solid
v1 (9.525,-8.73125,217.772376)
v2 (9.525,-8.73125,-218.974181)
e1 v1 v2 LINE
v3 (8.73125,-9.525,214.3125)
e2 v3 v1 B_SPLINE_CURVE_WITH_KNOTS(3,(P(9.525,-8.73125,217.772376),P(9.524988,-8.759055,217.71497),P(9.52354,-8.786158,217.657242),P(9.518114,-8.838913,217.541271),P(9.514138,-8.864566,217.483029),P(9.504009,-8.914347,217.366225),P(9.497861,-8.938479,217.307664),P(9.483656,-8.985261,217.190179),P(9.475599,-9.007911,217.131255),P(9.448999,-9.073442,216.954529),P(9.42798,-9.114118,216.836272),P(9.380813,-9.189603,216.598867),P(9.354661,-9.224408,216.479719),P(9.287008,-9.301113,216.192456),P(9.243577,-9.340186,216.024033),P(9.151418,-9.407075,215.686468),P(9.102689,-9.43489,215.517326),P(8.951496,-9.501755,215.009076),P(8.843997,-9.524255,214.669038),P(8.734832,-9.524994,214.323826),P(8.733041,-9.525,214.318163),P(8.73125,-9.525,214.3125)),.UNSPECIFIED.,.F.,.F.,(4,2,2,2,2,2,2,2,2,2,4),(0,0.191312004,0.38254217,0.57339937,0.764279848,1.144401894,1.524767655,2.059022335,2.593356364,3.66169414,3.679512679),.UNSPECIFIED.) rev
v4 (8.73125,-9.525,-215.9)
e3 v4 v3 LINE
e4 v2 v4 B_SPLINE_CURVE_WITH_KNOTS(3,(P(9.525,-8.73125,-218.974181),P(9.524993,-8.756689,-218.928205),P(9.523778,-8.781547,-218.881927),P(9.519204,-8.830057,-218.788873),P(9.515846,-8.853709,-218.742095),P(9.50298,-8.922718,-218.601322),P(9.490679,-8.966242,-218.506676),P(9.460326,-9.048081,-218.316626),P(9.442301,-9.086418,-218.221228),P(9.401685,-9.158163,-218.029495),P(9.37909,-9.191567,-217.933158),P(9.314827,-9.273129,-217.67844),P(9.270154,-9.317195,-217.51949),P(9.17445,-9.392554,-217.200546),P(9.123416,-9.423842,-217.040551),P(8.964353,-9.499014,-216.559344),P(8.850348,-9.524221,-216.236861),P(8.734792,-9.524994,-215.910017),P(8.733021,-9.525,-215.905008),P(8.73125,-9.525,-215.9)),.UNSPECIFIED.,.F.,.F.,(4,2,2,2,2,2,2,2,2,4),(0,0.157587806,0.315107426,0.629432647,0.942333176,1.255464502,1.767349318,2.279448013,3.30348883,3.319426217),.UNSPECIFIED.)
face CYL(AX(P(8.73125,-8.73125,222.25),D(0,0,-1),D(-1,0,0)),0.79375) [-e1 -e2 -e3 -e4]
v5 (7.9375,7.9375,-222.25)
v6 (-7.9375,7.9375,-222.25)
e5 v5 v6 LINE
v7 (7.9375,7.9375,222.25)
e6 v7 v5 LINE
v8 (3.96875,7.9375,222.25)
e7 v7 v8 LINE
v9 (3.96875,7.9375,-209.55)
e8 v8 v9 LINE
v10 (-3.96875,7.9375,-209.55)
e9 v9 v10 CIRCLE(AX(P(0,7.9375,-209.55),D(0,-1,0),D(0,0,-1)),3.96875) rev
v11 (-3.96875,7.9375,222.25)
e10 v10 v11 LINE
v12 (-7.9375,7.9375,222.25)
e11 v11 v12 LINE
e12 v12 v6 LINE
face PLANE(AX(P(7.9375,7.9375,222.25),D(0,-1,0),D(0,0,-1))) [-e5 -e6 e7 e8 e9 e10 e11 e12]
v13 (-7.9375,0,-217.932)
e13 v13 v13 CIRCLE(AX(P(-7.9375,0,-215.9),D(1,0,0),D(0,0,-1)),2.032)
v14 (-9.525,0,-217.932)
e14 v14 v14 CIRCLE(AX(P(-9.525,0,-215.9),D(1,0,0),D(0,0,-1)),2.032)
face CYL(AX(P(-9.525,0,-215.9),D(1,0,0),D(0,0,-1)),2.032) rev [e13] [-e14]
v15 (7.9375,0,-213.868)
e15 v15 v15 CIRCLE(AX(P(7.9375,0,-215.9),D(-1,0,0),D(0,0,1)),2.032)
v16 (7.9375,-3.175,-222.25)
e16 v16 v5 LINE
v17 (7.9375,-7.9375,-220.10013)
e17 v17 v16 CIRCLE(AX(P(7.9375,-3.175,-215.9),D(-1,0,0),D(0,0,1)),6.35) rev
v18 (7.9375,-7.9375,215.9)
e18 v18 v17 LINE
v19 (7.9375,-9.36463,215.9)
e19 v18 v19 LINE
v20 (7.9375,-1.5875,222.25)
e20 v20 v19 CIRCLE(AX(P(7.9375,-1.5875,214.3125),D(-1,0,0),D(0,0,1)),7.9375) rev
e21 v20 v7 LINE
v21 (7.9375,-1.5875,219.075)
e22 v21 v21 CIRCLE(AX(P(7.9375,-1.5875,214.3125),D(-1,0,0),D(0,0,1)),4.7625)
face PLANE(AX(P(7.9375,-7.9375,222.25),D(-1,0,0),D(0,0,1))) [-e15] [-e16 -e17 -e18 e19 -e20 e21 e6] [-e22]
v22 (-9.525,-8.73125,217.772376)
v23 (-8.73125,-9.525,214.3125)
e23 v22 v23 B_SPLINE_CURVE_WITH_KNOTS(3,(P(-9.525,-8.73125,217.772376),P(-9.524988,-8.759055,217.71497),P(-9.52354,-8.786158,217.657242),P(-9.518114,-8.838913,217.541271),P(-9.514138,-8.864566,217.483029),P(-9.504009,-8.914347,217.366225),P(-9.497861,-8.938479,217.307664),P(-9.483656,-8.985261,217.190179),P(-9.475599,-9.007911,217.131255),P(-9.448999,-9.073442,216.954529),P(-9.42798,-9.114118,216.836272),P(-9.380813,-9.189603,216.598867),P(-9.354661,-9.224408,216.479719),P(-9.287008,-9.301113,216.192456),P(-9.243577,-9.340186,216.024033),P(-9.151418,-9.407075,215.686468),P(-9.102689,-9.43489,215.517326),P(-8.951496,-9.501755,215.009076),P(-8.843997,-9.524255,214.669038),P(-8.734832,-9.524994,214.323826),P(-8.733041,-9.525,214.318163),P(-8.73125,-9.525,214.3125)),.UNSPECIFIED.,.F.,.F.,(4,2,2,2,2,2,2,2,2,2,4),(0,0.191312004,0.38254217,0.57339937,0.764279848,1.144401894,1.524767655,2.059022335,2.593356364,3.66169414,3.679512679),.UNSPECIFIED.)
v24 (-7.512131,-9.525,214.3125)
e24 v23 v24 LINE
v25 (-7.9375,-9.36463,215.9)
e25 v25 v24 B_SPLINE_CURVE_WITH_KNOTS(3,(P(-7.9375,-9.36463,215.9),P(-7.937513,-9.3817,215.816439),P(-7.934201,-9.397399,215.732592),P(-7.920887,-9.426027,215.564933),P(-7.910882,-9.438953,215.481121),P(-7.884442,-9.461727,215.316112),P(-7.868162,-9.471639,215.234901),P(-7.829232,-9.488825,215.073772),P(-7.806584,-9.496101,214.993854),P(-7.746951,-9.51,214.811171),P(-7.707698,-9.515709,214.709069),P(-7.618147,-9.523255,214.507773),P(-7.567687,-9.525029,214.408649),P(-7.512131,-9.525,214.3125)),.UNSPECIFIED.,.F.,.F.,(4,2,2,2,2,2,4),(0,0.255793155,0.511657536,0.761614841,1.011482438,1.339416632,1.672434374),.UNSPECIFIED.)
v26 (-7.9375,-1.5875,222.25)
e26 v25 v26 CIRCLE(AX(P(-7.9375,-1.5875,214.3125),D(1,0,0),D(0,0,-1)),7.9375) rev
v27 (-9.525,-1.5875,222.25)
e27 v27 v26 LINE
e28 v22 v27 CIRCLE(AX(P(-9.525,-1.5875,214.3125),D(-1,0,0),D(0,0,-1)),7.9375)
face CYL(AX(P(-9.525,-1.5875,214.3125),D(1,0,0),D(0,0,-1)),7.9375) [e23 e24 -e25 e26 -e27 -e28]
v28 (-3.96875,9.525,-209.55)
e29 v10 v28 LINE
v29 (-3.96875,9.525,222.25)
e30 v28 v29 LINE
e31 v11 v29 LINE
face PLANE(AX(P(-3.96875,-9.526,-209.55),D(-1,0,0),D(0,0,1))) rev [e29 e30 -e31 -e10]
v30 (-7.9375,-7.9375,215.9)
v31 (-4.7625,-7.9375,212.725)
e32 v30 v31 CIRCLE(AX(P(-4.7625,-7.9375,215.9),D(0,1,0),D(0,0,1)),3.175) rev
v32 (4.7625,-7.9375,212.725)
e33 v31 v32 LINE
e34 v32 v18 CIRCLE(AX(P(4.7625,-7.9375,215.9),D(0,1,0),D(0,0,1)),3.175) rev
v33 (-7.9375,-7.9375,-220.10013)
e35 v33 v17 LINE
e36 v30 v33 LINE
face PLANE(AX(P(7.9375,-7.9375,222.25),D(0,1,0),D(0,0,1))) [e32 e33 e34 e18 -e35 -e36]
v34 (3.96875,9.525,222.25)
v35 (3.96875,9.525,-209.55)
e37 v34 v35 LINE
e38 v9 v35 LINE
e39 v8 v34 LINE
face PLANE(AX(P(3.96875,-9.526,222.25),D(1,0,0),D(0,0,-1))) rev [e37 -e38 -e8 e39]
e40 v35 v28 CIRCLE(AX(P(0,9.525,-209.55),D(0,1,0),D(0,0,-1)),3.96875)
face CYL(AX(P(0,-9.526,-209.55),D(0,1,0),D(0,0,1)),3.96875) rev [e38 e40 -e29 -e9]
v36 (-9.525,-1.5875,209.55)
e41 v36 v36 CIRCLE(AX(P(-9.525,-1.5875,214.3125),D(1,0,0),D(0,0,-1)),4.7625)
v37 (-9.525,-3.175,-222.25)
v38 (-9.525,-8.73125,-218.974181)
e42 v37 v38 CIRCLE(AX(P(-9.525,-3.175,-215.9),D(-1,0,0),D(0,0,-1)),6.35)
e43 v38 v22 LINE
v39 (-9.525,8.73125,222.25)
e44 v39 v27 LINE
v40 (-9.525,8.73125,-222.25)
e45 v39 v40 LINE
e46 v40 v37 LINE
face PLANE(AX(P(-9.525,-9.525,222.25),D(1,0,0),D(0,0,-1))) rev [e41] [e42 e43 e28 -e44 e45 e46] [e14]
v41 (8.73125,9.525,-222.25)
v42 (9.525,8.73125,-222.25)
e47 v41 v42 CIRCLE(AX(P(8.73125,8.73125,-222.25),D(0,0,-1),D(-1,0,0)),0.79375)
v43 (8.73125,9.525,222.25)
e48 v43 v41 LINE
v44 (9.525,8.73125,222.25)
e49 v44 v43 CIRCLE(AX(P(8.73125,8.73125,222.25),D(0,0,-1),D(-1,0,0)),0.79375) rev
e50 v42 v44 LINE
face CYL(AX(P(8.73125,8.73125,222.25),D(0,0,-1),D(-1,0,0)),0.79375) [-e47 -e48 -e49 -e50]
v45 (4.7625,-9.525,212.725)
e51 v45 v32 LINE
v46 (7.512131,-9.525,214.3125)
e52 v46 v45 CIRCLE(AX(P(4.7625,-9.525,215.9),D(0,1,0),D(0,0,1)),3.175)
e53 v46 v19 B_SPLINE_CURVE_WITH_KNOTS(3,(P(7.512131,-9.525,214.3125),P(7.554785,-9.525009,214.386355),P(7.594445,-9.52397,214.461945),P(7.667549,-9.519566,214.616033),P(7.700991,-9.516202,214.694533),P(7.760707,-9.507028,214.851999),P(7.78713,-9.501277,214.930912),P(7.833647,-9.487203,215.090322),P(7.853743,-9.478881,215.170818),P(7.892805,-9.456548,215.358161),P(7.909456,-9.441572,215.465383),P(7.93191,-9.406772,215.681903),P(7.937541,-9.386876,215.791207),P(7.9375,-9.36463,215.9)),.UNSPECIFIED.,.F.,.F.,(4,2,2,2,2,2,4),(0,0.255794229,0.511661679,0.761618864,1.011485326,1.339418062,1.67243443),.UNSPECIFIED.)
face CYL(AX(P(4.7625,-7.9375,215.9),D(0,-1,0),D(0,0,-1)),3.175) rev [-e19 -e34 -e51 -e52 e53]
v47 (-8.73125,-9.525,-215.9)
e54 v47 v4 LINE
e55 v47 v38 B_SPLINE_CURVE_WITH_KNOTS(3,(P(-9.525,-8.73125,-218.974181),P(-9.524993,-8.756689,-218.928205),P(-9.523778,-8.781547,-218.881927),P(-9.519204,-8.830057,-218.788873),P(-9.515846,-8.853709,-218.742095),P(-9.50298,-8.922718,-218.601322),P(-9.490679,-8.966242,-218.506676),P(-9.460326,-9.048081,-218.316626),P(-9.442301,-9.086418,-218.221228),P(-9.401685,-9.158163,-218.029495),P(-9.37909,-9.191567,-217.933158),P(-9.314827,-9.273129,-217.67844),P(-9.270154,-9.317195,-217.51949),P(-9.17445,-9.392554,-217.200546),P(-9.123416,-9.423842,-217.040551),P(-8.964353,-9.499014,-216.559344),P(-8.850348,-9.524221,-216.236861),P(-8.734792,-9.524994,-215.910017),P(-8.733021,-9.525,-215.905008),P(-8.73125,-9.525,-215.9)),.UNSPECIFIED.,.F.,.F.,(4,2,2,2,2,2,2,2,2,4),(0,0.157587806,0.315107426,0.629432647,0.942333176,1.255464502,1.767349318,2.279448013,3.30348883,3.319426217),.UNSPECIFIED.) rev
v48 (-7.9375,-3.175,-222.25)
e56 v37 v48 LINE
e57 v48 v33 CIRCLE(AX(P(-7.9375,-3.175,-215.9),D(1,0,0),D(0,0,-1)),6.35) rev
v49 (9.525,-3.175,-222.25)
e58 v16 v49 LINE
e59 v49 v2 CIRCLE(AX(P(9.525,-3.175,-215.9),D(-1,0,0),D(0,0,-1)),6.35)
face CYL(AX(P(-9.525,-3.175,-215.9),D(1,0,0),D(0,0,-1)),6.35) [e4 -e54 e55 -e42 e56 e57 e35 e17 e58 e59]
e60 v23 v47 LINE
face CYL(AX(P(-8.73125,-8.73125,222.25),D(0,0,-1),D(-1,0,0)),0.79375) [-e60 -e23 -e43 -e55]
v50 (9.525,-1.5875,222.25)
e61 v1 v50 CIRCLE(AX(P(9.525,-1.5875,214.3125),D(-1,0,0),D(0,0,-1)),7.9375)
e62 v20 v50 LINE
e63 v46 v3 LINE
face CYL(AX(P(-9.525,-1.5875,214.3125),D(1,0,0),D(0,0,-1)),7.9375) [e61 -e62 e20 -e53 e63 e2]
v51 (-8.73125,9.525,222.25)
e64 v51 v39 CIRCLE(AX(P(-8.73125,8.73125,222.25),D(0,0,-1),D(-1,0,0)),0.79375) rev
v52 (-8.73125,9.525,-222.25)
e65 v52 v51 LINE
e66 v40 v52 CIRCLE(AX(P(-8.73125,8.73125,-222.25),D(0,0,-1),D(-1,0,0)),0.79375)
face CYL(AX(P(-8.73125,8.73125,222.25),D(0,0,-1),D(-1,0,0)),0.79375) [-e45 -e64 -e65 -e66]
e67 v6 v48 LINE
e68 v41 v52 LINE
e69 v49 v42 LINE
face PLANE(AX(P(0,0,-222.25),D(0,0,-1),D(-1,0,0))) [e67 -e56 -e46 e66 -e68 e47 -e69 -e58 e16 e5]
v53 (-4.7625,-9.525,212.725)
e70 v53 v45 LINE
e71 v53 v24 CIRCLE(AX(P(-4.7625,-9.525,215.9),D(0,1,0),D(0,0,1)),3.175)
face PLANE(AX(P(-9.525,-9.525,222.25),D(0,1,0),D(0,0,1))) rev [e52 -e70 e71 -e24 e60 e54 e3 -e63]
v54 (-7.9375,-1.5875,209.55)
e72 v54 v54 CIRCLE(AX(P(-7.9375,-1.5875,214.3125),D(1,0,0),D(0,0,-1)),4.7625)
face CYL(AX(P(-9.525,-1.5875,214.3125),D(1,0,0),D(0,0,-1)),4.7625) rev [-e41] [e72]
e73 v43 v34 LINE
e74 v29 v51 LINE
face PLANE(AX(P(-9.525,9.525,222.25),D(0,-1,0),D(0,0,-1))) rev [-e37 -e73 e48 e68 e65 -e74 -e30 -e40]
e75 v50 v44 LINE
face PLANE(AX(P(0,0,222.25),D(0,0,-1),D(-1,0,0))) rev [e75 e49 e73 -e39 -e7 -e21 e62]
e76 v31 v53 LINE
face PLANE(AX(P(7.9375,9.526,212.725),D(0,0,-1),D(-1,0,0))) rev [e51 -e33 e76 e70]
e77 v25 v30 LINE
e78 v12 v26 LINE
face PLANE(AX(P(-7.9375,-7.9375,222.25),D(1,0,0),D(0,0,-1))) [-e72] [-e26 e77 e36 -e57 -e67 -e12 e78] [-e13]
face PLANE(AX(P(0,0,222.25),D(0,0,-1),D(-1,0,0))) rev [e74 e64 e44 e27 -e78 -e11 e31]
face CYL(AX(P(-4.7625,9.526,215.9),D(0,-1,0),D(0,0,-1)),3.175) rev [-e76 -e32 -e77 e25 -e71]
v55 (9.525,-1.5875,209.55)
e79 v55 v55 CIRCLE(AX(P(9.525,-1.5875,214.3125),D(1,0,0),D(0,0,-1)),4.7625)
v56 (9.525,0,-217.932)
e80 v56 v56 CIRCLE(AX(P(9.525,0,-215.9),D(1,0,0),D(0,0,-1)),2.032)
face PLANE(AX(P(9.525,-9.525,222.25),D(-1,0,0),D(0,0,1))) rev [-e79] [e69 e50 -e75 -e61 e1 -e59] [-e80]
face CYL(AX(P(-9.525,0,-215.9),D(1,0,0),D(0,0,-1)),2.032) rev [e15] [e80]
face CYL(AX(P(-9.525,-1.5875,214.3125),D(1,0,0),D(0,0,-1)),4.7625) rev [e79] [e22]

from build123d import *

# Parameters (mm, degrees)
SKETCH3_W           = 19.05
SKETCH3_H           = 19.05
SKETCH3_W_2         = 15.875
SKETCH3_H_2         = 15.875
BOSS_EXTRUDE1_DEPTH = 222.25
FILLET1_R           = 0.79375
CUT_EXTRUDE1_REACH  = 225.268
CUT_EXTRUDE2_REACH  = 225.268
SKETCH5_W           = 15.875
SKETCH5_H           = 9.525
FILLET2_R           = 3.175
CUT_EXTRUDE3_DEPTH  = 224.268203345
SKETCH7_R           = 4.7625
SKETCH7_R_2         = 2.032
CUT_EXTRUDE4_DEPTH  = 224.268203458
CUT_EXTRUDE5_DEPTH  = 224.268203458


with BuildPart() as part:
    # Sketch3 → Boss-Extrude1 (new, symmetric)
    with BuildSketch(Plane.XY):
        Rectangle(SKETCH3_W, SKETCH3_H)
        Rectangle(SKETCH3_W_2, SKETCH3_H_2, mode=Mode.SUBTRACT)
    extrude(amount=BOSS_EXTRUDE1_DEPTH, both=True)

    # Fillet1
    fillet1_edges = [part.edges().sort_by_distance(p)[0] for p in [
        (9.525, -9.525, 0),
        (-9.525, -9.525, 0),
        (-9.525, 9.525, 0),
        (9.525, 9.525, 0),
    ]]
    fillet(fillet1_edges, radius=FILLET1_R)

    # Sketch4 → Cut-Extrude1 (cut, up to next)
    with BuildSketch(Plane(origin=(0, 9.525, 0), x_dir=(1, 0, 0), z_dir=(0, 1, 0)), mode=Mode.PRIVATE) as cut_extrude1_sk1:
        with BuildLine():
            Line((-3.96875, 209.55), (-3.96875, -222.25))
            Line((-3.96875, -222.25), (3.96875, -222.25))
            Line((3.96875, -222.25), (3.96875, 209.55))
            ThreePointArc((3.96875, 209.55), (0, 213.51875), (-3.96875, 209.55))
        make_face()
    cut_extrude1_tool1 = extrude(cut_extrude1_sk1.sketch, amount=-CUT_EXTRUDE1_REACH, mode=Mode.PRIVATE) & part.part
    add(cut_extrude1_tool1.solids().sort_by_distance((0, 9.525, 4.790573))[0], mode=Mode.SUBTRACT)

    # Sketch5 → Cut-Extrude2 (cut, up to next)
    with BuildSketch(Plane(origin=(0, -9.525, 0), x_dir=(-1, 0, 0), z_dir=(0, -1, 0)), mode=Mode.PRIVATE) as cut_extrude2_sk1:
        with Locations((0, -217.4875)):
            Rectangle(SKETCH5_W, SKETCH5_H)
    cut_extrude2_tool1 = extrude(cut_extrude2_sk1.sketch, amount=-CUT_EXTRUDE2_REACH, mode=Mode.PRIVATE) & part.part
    add(cut_extrude2_tool1.solids().sort_by_distance((0, -9.525, 217.4875))[0], mode=Mode.SUBTRACT)

    # Fillet2
    fillet2_edges = [part.edges().sort_by_distance(p)[0] for p in [
        (-7.9375, -8.73125, 212.725),
        (7.9375, -8.73125, 212.725),
    ]]
    fillet(fillet2_edges, radius=FILLET2_R)

    # Sketch6 → Cut-Extrude3 (cut, through all)
    with BuildSketch(Plane(origin=(9.525, 0, 0), x_dir=(0, 0, -1), z_dir=(1, 0, 0))):
        with BuildLine():
            Line((-222.25, -1.5875), (-222.25, -9.525))
            Line((-222.25, -9.525), (-214.3125, -9.525))
            ThreePointArc((-214.3125, -9.525), (-219.925160076, -7.200160076), (-222.25, -1.5875))
        make_face()
    extrude(amount=-CUT_EXTRUDE3_DEPTH, mode=Mode.SUBTRACT)

    # Sketch7 → Cut-Extrude4 (cut, through all)
    with BuildSketch(Plane(origin=(9.525, 0, 0), x_dir=(0, 0, -1), z_dir=(1, 0, 0))):
        with Locations((-214.3125, -1.5875)):
            Circle(SKETCH7_R)
        with Locations((215.9, 0)):
            Circle(SKETCH7_R_2)
    extrude(amount=-CUT_EXTRUDE4_DEPTH, mode=Mode.SUBTRACT)

    # Sketch8 → Cut-Extrude5 (cut, through all)
    with BuildSketch(Plane(origin=(9.525, 0, 0), x_dir=(0, 0, -1), z_dir=(1, 0, 0))):
        with BuildLine():
            Line((215.9, -9.525), (222.25, -9.525))
            Line((222.25, -9.525), (222.25, -3.175))
            ThreePointArc((222.25, -3.175), (220.390128061, -7.665128061), (215.9, -9.525))
        make_face()
    extrude(amount=-CUT_EXTRUDE5_DEPTH, mode=Mode.SUBTRACT)


solid = part.part
